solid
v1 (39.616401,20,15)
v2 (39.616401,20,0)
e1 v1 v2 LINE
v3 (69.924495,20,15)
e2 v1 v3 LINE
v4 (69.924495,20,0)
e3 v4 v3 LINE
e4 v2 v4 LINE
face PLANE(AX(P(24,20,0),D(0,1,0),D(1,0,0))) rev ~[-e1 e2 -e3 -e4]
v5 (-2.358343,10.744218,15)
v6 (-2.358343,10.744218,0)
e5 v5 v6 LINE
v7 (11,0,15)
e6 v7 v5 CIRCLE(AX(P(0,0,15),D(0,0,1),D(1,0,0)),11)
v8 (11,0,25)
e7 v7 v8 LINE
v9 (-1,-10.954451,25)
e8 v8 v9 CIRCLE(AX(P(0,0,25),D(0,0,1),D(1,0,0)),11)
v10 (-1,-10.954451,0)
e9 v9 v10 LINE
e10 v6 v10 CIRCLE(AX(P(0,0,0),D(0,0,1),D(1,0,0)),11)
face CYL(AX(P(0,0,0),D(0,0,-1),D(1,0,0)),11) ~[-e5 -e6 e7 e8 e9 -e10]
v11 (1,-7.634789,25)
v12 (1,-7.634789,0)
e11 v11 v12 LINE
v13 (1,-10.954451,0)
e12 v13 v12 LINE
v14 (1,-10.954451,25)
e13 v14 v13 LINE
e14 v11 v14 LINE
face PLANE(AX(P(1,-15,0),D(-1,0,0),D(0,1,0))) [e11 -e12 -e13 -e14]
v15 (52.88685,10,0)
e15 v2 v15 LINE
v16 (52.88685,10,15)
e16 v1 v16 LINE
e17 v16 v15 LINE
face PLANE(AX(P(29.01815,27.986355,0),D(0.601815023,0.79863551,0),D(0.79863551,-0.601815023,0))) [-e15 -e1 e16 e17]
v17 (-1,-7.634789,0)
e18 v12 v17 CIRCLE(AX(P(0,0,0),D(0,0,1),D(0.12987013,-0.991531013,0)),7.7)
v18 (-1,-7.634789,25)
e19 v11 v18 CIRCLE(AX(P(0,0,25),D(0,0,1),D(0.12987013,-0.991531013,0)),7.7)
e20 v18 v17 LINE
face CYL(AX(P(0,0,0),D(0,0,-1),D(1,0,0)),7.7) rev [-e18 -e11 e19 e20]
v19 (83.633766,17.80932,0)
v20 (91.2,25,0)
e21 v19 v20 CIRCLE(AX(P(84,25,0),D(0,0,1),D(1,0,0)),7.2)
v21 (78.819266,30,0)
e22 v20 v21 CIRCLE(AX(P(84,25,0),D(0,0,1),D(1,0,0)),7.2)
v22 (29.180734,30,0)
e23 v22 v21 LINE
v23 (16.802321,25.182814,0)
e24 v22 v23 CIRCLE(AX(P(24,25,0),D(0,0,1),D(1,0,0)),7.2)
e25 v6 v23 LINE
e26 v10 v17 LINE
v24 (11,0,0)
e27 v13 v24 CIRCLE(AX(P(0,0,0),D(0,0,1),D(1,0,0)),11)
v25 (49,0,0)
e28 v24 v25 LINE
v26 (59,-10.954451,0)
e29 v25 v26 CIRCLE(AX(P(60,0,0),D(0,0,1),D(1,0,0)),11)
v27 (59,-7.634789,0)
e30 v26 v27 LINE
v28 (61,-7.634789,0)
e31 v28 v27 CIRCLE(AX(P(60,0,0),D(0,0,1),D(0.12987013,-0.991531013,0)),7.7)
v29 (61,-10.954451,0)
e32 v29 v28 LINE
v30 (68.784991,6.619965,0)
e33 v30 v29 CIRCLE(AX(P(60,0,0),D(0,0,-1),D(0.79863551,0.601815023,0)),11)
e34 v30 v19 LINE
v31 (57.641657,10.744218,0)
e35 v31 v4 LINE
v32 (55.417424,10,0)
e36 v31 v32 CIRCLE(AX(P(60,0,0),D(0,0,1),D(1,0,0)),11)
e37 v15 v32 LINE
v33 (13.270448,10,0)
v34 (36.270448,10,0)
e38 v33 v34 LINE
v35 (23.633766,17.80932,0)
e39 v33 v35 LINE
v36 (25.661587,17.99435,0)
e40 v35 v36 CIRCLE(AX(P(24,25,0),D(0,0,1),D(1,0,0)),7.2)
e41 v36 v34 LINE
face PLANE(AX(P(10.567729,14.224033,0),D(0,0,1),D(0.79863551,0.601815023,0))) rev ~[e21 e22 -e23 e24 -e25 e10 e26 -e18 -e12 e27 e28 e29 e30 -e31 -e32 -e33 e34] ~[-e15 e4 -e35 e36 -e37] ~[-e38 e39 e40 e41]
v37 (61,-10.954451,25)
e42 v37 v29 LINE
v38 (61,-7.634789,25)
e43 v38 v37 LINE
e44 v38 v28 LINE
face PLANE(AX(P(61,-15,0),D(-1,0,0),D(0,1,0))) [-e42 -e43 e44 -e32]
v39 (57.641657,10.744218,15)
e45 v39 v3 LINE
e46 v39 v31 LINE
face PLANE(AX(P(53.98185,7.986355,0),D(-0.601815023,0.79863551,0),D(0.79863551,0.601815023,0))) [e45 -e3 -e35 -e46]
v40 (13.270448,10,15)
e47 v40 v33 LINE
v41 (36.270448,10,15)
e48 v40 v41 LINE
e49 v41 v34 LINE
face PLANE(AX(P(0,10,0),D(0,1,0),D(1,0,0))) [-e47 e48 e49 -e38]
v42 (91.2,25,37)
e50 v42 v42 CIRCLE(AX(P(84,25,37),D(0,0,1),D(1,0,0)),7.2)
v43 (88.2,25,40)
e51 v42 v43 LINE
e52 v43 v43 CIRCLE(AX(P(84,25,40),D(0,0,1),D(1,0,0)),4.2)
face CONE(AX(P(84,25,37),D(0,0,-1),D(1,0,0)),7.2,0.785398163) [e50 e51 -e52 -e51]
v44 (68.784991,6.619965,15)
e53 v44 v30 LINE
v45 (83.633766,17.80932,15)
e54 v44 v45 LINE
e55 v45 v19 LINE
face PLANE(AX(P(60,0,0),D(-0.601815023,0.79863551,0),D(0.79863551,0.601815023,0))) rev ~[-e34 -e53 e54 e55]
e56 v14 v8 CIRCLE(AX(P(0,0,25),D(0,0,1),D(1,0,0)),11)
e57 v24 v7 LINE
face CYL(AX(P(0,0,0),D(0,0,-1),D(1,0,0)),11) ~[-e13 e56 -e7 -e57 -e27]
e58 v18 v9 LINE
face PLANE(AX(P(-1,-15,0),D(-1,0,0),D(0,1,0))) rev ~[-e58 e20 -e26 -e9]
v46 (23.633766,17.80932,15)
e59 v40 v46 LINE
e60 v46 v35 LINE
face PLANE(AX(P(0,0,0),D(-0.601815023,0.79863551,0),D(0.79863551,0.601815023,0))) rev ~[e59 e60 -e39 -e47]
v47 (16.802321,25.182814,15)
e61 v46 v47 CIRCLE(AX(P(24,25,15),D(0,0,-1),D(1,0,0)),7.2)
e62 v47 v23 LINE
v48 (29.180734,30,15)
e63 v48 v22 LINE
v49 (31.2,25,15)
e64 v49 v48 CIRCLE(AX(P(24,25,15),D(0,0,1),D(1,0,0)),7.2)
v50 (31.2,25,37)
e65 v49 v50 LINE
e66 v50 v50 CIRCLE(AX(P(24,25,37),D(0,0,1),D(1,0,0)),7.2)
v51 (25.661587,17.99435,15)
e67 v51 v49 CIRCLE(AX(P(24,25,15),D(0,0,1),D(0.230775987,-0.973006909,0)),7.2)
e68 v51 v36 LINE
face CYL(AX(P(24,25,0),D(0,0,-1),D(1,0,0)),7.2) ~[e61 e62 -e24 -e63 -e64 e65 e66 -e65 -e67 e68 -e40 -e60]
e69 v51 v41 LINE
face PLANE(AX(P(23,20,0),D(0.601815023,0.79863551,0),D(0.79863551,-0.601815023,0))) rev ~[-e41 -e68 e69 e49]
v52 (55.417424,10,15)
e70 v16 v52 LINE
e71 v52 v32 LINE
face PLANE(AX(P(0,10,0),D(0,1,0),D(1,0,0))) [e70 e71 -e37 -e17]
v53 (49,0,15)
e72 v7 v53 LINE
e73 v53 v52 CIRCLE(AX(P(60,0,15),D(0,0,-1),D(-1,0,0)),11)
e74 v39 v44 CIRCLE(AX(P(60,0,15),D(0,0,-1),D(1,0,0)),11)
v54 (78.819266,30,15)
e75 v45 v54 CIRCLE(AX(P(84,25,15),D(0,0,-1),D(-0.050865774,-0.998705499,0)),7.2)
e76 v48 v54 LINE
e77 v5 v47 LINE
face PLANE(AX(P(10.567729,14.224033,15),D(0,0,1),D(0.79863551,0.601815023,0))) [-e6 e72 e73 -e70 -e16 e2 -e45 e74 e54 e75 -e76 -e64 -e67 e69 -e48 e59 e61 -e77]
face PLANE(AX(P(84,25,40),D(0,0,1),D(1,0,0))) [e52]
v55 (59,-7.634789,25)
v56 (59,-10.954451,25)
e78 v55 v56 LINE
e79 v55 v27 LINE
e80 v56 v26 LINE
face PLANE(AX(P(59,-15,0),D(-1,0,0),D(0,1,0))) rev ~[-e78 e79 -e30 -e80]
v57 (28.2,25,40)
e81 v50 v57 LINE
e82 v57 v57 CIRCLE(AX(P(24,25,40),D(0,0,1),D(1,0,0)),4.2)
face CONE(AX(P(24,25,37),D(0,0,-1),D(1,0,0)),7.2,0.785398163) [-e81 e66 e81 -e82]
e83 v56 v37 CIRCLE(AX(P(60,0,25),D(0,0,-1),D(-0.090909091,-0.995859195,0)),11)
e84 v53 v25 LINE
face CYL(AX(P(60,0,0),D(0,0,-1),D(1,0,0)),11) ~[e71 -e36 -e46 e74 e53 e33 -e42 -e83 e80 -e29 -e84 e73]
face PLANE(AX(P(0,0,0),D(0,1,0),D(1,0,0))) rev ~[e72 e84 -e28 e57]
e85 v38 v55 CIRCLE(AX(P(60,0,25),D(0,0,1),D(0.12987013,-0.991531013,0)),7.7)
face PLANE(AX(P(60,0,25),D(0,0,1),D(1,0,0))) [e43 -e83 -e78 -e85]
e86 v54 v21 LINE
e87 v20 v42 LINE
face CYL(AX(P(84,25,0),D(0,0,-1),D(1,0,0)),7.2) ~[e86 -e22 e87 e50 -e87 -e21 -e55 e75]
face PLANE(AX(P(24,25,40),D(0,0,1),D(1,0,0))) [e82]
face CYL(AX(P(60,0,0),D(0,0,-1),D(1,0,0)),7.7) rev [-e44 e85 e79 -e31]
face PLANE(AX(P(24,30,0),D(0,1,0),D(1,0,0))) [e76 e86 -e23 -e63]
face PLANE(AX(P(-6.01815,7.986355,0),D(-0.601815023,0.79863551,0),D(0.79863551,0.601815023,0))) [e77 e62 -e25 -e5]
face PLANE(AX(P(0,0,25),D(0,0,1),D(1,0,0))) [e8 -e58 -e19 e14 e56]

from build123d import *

# Parameters (mm, degrees)
BOX006_W               = 2
BOX006_H               = 10
BOX006_DEPTH           = 30
BOX005_W               = 2
BOX005_H               = 10
BOX005_DEPTH           = 30
CYLINDER001_R          = 7.7
CYLINDER001_DEPTH      = 25
CYLINDER_R             = 7.7
CYLINDER_DEPTH         = 25
BOX004_W               = 32
BOX004_H               = 10
BOX004_DEPTH           = 15
BOX004_PLACEMENT_ANGLE = -37
BOX_W                  = 60
BOX_H                  = 10
BOX_DEPTH              = 15
CYLINDER002_R          = 11
CYLINDER002_DEPTH      = 25
CYLINDER003_R          = 11
CYLINDER003_DEPTH      = 25
BOX003_W               = 34
BOX003_H               = 10
BOX003_DEPTH           = 15
BOX003_PLACEMENT_ANGLE = 37
BOX002_W               = 34
BOX002_H               = 10
BOX002_DEPTH           = 15
BOX002_PLACEMENT_ANGLE = 37
CYLINDER005_R          = 7.2
CYLINDER005_DEPTH      = 40
CYLINDER004_R          = 7.2
CYLINDER004_DEPTH      = 40
BOX001_W               = 60
BOX001_H               = 10
BOX001_DEPTH           = 15
CHAMFER_SIZE           = 3


with BuildPart() as cube006:
    # Box006 → Box006 (new body)
    with BuildSketch(Plane(origin=(59, -15, 0), x_dir=(1, 0, 0), z_dir=(0, 0, 1))):
        with Locations((1, 5)):
            Rectangle(BOX006_W, BOX006_H)
    extrude(amount=BOX006_DEPTH)


with BuildPart() as cube005:
    # Box005 → Box005 (new body)
    with BuildSketch(Plane(origin=(-1, -15, 0), x_dir=(1, 0, 0), z_dir=(0, 0, 1))):
        with Locations((1, 5)):
            Rectangle(BOX005_W, BOX005_H)
    extrude(amount=BOX005_DEPTH)


with BuildPart() as cylinder001:
    # Cylinder001 → Cylinder001 (new body)
    with BuildSketch(Plane(origin=(60, 0, 0), x_dir=(1, 0, 0), z_dir=(0, 0, 1))):
        Circle(CYLINDER001_R)
    extrude(amount=CYLINDER001_DEPTH)


with BuildPart() as cylinder:
    # Cylinder → Cylinder (new body)
    with BuildSketch(Plane.XY):
        Circle(CYLINDER_R)
    extrude(amount=CYLINDER_DEPTH)


with BuildPart() as cube004:
    # Box004 → Box004 (new body)
    with BuildSketch(Plane.XY):
        with Locations((16, 5)):
            Rectangle(BOX004_W, BOX004_H)
    extrude(amount=BOX004_DEPTH)


with BuildPart() as cube004_1:
    # Box004 placement: moved
    add(cube004.part.moved(Location((23, 20, 0))).rotate(Axis((23, 20, 0), (0, 0, 1)), BOX004_PLACEMENT_ANGLE))


with BuildPart() as cube:
    # Box → Box (new body)
    with BuildSketch(Plane.XY):
        with Locations((30, 5)):
            Rectangle(BOX_W, BOX_H)
    extrude(amount=BOX_DEPTH)


with BuildPart() as cylinder002:
    # Cylinder002 → Cylinder002 (new body)
    with BuildSketch(Plane.XY):
        Circle(CYLINDER002_R)
    extrude(amount=CYLINDER002_DEPTH)


with BuildPart() as fusion003:
    # Cylinder003 → Cylinder003 (new body)
    with BuildSketch(Plane(origin=(60, 0, 0), x_dir=(1, 0, 0), z_dir=(0, 0, 1))):
        Circle(CYLINDER003_R)
    extrude(amount=CYLINDER003_DEPTH)

    # Fusion: union Cube, Cylinder002
    add(cube.part)
    add(cylinder002.part)

    # Fusion003: union Cube004
    add(cube004_1.part)


with BuildPart() as fusion004:
    # Box003 → Box003 (new body)
    with BuildSketch(Plane.XY):
        with Locations((17, 5)):
            Rectangle(BOX003_W, BOX003_H)
    extrude(amount=BOX003_DEPTH)


with BuildPart() as fusion004_1:
    # Box003 placement: moved
    add(fusion004.part.moved(Location((60, 0, 0))).rotate(Axis((60, 0, 0), (0, 0, 1)), BOX003_PLACEMENT_ANGLE))

    # Fusion004: union Fusion003
    add(fusion003.part)


with BuildPart() as cut003:
    # Box002 → Box002 (new body)
    with BuildSketch(Plane.XY):
        with Locations((17, 5)):
            Rectangle(BOX002_W, BOX002_H)
    extrude(amount=BOX002_DEPTH)


with BuildPart() as cut003_1:
    # Box002 placement: moved
    add(cut003.part.rotate(Axis((0, 0, 0), (0, 0, 1)), BOX002_PLACEMENT_ANGLE))

    # Fusion005: union Fusion004
    add(fusion004_1.part)

    # Cut: cut Cylinder
    add(cylinder.part, mode=Mode.SUBTRACT)

    # Cut001: cut Cylinder001
    add(cylinder001.part, mode=Mode.SUBTRACT)

    # Cut002: cut Cube005
    add(cube005.part, mode=Mode.SUBTRACT)

    # Cut003: cut Cube006
    add(cube006.part, mode=Mode.SUBTRACT)


with BuildPart() as cylinder005:
    # Cylinder005 → Cylinder005 (new body)
    with BuildSketch(Plane(origin=(60, 0, 0), x_dir=(1, 0, 0), z_dir=(0, 0, 1))):
        Circle(CYLINDER005_R)
    extrude(amount=CYLINDER005_DEPTH)


with BuildPart() as fusion001:
    # Cylinder004 → Cylinder004 (new body)
    with BuildSketch(Plane.XY):
        Circle(CYLINDER004_R)
    extrude(amount=CYLINDER004_DEPTH)

    # Fusion001: union Cylinder005
    add(cylinder005.part)


with BuildPart() as fusion006:
    # Box001 → Box001 (new body)
    with BuildSketch(Plane(origin=(0, -5, 0), x_dir=(1, 0, 0), z_dir=(0, 0, 1))):
        with Locations((30, 5)):
            Rectangle(BOX001_W, BOX001_H)
    extrude(amount=BOX001_DEPTH)

    # Fusion002: union Fusion001
    add(fusion001.part)

    # Chamfer
    chamfer_edges = [fusion006.edges().sort_by_distance(p)[0] for p in [
        (-7.2, 0, 40),
        (52.8, 0, 40),
    ]]
    chamfer(chamfer_edges, length=CHAMFER_SIZE)


with BuildPart() as fusion006_1:
    # Chamfer placement: moved
    add(fusion006.part.moved(Location((24, 25, 0))))

    # Fusion006: union Cut003
    add(cut003_1.part)


solid = fusion006_1.part
